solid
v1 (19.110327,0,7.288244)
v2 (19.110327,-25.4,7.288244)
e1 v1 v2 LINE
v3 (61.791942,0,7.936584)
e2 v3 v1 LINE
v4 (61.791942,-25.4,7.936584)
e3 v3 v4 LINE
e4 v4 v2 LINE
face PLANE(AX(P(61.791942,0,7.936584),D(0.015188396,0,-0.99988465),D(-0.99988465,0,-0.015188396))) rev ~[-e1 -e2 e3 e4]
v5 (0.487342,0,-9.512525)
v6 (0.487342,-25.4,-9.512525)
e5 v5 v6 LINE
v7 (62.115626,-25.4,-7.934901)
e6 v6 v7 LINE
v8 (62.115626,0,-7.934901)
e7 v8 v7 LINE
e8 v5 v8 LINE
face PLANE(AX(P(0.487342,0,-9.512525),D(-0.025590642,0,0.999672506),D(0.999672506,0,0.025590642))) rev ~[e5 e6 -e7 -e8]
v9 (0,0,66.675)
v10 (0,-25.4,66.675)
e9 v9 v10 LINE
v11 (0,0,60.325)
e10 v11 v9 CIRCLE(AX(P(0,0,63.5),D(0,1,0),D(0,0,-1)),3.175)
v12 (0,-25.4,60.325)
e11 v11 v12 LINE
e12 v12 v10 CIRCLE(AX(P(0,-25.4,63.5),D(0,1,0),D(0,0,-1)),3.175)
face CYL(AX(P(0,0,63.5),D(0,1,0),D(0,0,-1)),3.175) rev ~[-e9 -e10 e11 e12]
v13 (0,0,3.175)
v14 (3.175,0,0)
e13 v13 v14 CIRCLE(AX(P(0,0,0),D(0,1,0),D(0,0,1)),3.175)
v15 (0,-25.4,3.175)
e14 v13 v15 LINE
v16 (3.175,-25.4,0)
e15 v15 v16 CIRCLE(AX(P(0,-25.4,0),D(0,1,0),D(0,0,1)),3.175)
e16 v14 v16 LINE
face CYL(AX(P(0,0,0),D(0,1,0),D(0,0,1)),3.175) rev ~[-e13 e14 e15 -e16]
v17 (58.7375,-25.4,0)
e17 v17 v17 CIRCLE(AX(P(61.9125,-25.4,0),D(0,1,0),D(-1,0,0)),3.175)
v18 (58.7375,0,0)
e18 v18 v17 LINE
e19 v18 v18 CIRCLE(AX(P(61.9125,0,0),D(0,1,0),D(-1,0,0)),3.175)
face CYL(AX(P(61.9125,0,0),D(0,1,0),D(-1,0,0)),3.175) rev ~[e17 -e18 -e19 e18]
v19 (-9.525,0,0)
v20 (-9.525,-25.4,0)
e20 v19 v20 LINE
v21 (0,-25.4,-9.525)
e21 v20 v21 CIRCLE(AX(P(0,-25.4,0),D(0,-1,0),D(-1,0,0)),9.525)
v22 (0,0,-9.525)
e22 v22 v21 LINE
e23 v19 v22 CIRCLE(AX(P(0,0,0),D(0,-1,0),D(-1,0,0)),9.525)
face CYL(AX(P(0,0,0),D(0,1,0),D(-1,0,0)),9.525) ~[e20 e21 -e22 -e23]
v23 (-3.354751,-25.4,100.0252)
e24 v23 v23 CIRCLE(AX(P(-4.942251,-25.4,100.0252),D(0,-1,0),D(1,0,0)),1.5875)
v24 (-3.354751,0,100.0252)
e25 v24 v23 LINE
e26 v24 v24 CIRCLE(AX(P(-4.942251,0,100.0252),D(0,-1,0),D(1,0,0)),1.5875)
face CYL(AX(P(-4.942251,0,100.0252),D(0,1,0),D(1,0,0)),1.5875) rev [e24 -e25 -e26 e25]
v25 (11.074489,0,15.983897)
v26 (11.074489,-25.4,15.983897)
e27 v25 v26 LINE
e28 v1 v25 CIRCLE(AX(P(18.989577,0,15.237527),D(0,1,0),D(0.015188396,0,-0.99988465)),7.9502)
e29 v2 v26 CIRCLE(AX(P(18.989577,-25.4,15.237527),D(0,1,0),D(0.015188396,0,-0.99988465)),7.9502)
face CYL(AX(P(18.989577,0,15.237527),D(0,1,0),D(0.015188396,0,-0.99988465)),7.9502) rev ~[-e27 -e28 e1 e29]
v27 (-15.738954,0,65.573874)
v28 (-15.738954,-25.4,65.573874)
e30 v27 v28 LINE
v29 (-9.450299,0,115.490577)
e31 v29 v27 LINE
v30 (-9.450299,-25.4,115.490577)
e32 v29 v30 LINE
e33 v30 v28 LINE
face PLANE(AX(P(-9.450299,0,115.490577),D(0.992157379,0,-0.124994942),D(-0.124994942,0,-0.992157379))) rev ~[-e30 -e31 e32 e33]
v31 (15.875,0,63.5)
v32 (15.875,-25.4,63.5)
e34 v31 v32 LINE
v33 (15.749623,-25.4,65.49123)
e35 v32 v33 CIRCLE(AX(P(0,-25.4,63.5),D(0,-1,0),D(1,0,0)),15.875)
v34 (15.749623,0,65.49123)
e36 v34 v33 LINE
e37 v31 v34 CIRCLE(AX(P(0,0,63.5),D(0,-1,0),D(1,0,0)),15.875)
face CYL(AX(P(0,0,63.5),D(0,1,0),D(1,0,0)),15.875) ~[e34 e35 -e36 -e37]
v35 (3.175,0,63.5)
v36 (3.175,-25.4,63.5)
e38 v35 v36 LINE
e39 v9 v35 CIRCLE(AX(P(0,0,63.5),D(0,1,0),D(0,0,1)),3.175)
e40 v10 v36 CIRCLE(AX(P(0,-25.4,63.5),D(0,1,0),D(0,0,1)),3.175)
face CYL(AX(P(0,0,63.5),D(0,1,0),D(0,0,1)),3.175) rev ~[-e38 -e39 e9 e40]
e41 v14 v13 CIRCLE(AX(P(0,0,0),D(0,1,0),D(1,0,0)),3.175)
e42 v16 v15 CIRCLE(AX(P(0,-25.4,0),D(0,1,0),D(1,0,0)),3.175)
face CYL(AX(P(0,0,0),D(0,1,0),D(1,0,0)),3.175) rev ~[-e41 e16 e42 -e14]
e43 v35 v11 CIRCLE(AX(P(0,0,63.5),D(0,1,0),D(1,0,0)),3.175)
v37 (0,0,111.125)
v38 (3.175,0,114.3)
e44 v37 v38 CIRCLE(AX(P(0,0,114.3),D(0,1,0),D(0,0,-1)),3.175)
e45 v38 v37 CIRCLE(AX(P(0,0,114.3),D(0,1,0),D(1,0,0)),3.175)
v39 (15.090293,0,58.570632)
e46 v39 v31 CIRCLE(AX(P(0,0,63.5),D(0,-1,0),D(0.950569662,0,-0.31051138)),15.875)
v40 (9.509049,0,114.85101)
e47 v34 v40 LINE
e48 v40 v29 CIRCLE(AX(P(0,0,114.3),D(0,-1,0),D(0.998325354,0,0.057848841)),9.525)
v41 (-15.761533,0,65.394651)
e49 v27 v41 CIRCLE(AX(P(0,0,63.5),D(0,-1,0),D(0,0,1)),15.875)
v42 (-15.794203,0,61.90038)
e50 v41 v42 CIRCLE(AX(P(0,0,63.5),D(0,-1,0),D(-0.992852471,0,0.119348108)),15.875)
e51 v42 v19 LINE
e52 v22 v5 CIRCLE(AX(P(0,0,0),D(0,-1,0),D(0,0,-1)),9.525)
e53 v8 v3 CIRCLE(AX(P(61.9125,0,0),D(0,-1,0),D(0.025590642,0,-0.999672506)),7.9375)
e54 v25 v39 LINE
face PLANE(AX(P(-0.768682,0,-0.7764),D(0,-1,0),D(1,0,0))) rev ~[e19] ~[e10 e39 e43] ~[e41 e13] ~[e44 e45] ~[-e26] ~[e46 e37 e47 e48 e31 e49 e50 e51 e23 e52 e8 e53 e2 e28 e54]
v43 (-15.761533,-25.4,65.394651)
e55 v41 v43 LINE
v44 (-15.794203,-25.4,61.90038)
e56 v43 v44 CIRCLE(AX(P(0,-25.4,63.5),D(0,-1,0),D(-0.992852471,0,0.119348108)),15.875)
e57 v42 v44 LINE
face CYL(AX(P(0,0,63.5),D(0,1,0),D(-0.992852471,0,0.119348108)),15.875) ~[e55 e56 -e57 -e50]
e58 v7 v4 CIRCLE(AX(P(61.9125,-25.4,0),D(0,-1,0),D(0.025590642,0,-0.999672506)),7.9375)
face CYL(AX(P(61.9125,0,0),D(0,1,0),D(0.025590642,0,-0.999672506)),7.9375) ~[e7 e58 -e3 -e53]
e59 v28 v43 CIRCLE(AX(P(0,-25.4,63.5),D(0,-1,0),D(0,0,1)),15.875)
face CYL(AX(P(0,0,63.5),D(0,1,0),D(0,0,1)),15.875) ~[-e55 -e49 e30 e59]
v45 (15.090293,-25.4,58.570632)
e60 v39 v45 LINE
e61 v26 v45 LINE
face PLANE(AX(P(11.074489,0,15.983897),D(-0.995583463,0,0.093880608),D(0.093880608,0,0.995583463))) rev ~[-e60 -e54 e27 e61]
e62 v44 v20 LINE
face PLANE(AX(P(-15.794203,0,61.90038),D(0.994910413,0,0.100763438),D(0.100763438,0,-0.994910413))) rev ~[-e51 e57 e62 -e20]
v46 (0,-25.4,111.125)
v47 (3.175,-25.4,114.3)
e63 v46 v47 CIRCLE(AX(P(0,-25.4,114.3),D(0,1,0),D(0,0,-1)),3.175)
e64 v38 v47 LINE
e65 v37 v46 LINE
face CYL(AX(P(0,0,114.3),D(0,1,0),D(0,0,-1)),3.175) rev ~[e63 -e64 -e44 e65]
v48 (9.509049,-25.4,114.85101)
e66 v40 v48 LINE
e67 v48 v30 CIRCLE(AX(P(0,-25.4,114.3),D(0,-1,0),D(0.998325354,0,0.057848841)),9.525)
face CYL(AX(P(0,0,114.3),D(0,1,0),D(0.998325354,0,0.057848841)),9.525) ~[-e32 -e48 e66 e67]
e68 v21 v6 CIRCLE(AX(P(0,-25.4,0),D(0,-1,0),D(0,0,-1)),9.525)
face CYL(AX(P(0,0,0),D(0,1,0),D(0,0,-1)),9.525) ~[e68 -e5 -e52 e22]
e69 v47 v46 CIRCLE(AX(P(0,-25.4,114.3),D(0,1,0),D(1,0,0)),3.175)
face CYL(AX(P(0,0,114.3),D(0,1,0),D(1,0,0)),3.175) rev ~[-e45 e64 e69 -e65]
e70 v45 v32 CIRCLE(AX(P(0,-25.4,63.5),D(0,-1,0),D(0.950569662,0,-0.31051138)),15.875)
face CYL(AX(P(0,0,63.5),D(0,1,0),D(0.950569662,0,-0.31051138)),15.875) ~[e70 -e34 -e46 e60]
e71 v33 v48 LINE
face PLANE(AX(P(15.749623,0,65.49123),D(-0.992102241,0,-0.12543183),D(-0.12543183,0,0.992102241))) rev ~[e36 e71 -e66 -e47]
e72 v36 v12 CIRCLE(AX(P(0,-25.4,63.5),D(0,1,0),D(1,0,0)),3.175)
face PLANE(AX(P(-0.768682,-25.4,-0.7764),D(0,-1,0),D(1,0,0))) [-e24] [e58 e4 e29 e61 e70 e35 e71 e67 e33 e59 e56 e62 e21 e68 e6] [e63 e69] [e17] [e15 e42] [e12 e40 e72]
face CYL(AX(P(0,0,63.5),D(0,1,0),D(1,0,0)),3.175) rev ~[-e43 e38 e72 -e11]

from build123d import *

# Parameters (mm, degrees)
F0_R     = 1.5875
F1_DEPTH = 25.4


with BuildPart() as f1:
    # F0 (on Front) → F1 (new body)
    with BuildSketch(Plane.XZ):
        with BuildLine():
            ThreePointArc((3.175, 0), (-2.2450640303, -2.2450640303), (0, 3.175))
            Line((0, 3.175), (0, 9.525))
            ThreePointArc((0, 9.525), (-6.7351920908, 6.7351920908), (-9.525, 0))
            ThreePointArc((-9.525, 0), (-6.7351920908, -6.7351920908), (0, -9.525))
            Line((0, -9.525), (0.4873420749, -9.5125245178))
            ThreePointArc((0.4873420749, -9.5125245178), (6.9053442443, -6.560628466), (9.525, 0))
            Line((9.525, 0), (3.175, 0))
        make_face()
        with BuildLine():
            ThreePointArc((-9.525, 0), (-6.7351920908, 6.7351920908), (0, 9.525))
            Line((0, 9.525), (0, 47.625))
            ThreePointArc((0, 47.625), (-10.644756084, 51.722700101), (-15.7942028036, 61.9003804205))
            Line((-15.7942028036, 61.9003804205), (-9.525, 0))
        make_face()
        with BuildLine():
            Line((0, 47.625), (0, 9.525))
            ThreePointArc((0, 9.525), (6.7351920908, 6.7351920908), (9.525, 0))
            Line((9.525, 0), (53.975, 0))
            ThreePointArc((53.975, 0), (56.2573769, 5.5698733355), (61.7919421036, 7.9365844066))
            Line((61.7919421036, 7.9365844066), (19.1103272901, 7.2882443355))
            ThreePointArc((19.1103272901, 7.2882443355), (13.1507825251, 9.8417729327), (11.0744888552, 15.9838968894))
            Line((11.0744888552, 15.9838968894), (15.0902933883, 58.5706318402))
            ThreePointArc((15.0902933883, 58.5706318402), (9.3209952651, 50.6495263796), (0, 47.625))
        make_face()
        with BuildLine():
            Line((53.975, 0), (9.525, 0))
            ThreePointArc((9.525, 0), (6.9053442443, -6.560628466), (0.4873420749, -9.5125245178))
            Line((0.4873420749, -9.5125245178), (62.1156257203, -7.9349005156))
            ThreePointArc((62.1156257203, -7.9349005156), (56.3721211391, -5.6840221963), (53.975, 0))
        make_face()
        with BuildLine():
            ThreePointArc((-15.7942028036, 61.9003804205), (-10.644756084, 51.722700101), (0, 47.625))
            Line((0, 47.625), (0, 60.325))
            ThreePointArc((0, 60.325), (-3.175, 63.5), (0, 66.675))
            Line((0, 66.675), (0, 79.375))
            ThreePointArc((0, 79.375), (-10.5341833315, 75.3763044141), (-15.7615329764, 65.3946512173))
            ThreePointArc((-15.7615329764, 65.3946512173), (-15.8743061976, 63.6484174728), (-15.7942028036, 61.9003804205))
        make_face()
        with BuildLine():
            Line((0, 60.325), (0, 47.625))
            ThreePointArc((0, 47.625), (9.3209952651, 50.6495263796), (15.0902933883, 58.5706318402))
            ThreePointArc((15.0902933883, 58.5706318402), (15.6775959978, 61.0042819209), (15.875, 63.5))
            ThreePointArc((15.875, 63.5), (15.8436247629, 64.4975867746), (15.7496230711, 65.4912303025))
            ThreePointArc((15.7496230711, 65.4912303025), (10.4977341352, 75.4085348816), (0, 79.375))
            Line((0, 79.375), (0, 66.675))
            ThreePointArc((0, 66.675), (2.2450640303, 65.7450640303), (3.175, 63.5))
            ThreePointArc((3.175, 63.5), (2.2450640303, 61.2549359697), (0, 60.325))
        make_face()
        with BuildLine():
            ThreePointArc((61.7919421036, 7.9365844066), (56.2573769, 5.5698733355), (53.975, 0))
            ThreePointArc((53.975, 0), (56.3721211391, -5.6840221963), (62.1156257203, -7.9349005156))
            ThreePointArc((62.1156257203, -7.9349005156), (67.5965221963, -5.5403788609), (69.85, 0))
            ThreePointArc((69.85, 0), (67.4823733355, 5.6551231), (61.7919421036, 7.9365844066))
        make_face()
        with BuildLine():
            ThreePointArc((65.0875, 0), (61.9125, -3.175), (58.7375, 0))
            ThreePointArc((58.7375, 0), (61.9125, 3.175), (65.0875, 0))
        make_face(mode=Mode.SUBTRACT)
        with BuildLine():
            ThreePointArc((0, -9.525), (0.2437508644, -9.5218806187), (0.4873420749, -9.5125245178))
            Line((0.4873420749, -9.5125245178), (0, -9.525))
        make_face()
        with BuildLine():
            Line((-9.4502990336, 115.4905768245), (-15.7615329764, 65.3946512173))
            ThreePointArc((-15.7615329764, 65.3946512173), (-10.5341833315, 75.3763044141), (0, 79.375))
            Line((0, 79.375), (0, 104.775))
            ThreePointArc((0, 104.775), (-7.1437339415, 107.9997864819), (-9.4502990336, 115.4905768245))
        make_face()
        with Locations((-4.9422510899, 100.0252)):
            Circle(F0_R, mode=Mode.SUBTRACT)
        with BuildLine():
            Line((0, 104.775), (0, 79.375))
            ThreePointArc((0, 79.375), (10.4977341352, 75.4085348816), (15.7496230711, 65.4912303025))
            Line((15.7496230711, 65.4912303025), (9.5090489926, 114.851010215))
            ThreePointArc((9.5090489926, 114.851010215), (9.521011413, 114.5756205234), (9.525, 114.3))
            ThreePointArc((9.525, 114.3), (6.7351920908, 107.5648079092), (0, 104.775))
        make_face()
        with BuildLine():
            ThreePointArc((9.5090489926, 114.851010215), (0.3211296489, 123.8195851143), (-9.4502990336, 115.4905768245))
            ThreePointArc((-9.4502990336, 115.4905768245), (-7.1437339415, 107.9997864819), (0, 104.775))
            ThreePointArc((0, 104.775), (6.7351920908, 107.5648079092), (9.525, 114.3))
            ThreePointArc((9.525, 114.3), (9.521011413, 114.5756205234), (9.5090489926, 114.851010215))
        make_face()
        with BuildLine():
            ThreePointArc((3.175, 114.3), (2.2450640303, 112.0549359697), (0, 111.125))
            ThreePointArc((0, 111.125), (-2.2450640303, 116.5450640303), (3.175, 114.3))
        make_face(mode=Mode.SUBTRACT)
        with BuildLine():
            Line((0, 9.525), (0, 3.175))
            ThreePointArc((0, 3.175), (2.2450640303, 2.2450640303), (3.175, 0))
            Line((3.175, 0), (9.525, 0))
            ThreePointArc((9.525, 0), (6.7351920908, 6.7351920908), (0, 9.525))
        make_face()
    extrude(amount=F1_DEPTH)


solid = f1.part
